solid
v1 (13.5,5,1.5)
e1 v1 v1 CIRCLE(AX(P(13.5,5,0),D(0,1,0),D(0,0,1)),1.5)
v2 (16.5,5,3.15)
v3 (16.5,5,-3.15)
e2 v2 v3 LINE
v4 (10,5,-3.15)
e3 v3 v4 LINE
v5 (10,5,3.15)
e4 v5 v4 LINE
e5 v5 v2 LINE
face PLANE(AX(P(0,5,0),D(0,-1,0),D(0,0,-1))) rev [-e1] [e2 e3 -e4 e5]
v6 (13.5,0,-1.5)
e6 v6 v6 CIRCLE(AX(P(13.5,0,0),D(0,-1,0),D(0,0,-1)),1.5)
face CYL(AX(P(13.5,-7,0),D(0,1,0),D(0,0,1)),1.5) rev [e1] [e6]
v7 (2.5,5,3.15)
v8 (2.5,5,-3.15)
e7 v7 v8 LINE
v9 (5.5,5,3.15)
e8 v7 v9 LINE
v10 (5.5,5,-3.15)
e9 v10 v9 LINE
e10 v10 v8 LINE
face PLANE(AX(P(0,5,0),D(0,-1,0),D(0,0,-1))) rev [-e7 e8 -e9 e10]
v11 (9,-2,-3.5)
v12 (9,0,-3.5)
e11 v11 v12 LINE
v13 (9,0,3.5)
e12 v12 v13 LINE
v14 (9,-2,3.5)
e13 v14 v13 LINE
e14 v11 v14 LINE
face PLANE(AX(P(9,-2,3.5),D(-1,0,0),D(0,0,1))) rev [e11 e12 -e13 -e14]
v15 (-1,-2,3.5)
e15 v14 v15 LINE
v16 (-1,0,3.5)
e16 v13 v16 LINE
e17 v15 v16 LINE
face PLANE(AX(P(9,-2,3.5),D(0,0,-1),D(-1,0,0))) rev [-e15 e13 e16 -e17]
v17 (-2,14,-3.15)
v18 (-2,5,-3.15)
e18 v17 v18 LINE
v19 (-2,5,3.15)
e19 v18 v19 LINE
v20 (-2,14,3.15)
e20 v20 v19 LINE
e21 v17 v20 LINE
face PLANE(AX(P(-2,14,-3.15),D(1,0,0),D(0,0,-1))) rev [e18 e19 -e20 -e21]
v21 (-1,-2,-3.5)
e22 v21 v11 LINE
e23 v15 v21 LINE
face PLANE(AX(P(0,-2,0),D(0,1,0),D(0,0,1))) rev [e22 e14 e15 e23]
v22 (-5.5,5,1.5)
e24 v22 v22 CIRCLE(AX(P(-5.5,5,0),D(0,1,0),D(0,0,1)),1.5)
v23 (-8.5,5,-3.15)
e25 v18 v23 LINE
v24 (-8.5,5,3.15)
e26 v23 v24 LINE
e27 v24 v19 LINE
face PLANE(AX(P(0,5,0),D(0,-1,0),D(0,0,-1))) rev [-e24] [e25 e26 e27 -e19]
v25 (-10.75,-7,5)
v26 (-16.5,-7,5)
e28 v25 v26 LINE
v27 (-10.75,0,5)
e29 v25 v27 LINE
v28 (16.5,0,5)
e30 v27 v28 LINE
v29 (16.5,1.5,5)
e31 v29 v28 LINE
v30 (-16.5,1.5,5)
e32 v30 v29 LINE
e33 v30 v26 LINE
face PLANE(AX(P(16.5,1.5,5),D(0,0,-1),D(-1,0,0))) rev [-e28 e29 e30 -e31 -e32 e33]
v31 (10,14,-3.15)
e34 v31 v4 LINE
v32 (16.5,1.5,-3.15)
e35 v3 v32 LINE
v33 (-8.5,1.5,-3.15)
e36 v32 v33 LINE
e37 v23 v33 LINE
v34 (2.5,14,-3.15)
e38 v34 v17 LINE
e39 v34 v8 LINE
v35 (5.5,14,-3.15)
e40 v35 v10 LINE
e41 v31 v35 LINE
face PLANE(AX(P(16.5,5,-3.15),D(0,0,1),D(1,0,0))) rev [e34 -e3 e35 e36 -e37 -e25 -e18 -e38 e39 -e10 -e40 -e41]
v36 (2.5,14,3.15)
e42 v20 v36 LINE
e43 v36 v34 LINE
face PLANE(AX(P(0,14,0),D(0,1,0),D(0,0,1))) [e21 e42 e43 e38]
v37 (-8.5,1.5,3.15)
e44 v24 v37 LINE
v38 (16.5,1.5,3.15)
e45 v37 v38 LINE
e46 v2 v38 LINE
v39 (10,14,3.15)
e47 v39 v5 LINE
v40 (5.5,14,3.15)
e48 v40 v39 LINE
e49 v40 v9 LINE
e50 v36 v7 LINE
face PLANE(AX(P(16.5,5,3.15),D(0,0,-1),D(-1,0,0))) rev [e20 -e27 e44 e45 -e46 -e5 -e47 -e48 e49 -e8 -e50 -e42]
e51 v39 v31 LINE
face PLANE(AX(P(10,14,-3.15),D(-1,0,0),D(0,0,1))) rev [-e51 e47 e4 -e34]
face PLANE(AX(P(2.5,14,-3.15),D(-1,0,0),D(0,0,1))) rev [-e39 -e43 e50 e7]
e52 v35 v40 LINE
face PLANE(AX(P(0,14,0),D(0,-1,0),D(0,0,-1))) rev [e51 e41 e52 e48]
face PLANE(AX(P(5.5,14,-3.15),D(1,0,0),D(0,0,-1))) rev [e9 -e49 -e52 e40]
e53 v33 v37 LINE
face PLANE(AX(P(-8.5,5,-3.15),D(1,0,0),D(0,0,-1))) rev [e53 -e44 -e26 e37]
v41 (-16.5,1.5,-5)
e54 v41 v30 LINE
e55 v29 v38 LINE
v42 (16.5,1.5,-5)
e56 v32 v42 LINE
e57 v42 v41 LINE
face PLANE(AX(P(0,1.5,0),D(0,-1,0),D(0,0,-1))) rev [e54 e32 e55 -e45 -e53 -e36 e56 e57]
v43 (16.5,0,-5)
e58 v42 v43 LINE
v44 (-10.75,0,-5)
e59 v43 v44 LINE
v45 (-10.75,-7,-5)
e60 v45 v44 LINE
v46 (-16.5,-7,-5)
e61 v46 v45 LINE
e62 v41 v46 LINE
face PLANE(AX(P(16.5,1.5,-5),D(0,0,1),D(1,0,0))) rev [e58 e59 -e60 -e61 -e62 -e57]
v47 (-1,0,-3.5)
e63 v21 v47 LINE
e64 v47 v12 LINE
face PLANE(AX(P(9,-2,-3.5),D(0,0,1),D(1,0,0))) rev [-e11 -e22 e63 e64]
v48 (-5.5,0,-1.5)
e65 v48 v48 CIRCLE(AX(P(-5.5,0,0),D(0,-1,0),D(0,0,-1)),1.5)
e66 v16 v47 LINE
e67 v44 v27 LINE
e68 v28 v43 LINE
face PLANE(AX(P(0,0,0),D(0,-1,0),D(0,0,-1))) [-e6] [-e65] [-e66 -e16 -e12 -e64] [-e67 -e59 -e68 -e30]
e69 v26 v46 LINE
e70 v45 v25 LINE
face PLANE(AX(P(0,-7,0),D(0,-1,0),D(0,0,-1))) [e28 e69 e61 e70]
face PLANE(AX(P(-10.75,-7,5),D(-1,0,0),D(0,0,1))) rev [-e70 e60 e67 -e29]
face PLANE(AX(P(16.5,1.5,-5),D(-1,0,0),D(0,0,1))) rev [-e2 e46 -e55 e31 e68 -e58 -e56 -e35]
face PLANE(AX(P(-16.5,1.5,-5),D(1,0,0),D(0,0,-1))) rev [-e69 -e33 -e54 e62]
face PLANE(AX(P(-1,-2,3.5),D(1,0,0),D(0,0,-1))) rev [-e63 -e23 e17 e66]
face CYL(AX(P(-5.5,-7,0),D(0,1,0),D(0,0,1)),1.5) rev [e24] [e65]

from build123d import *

# Parameters (mm, degrees)
SKETCH_1_W               = 33
SKETCH_1_H               = 10
EXTRUDE_1_DEPTH          = 1.5
SKETCH_2_W               = 5.75
SKETCH_2_H               = 10
EXTRUDE_2_DEPTH          = 7
CUT_EXTRUDE_1_DEPTH      = 20.222382787
CUT_EXTRUDE_1_DEPTH_BACK = 20.222382787
SKETCH_3_R               = 1.5
EXTRUDE_START            = 3.5
SKETCH_4_W               = 25
SKETCH_4_H               = 6.3
SKETCH_4_R               = 1.5
EXTRUDE_3_DEPTH          = 3.5
SKETCH_5_W               = 4.5
SKETCH_5_H               = 6.3
EXTRUDE_4_DEPTH          = 9
SKETCH_6_W               = 10
SKETCH_6_H               = 7
EXTRUDE_5_DEPTH          = 2


with BuildPart() as part:
    # Эскиз1 → Бобышка-Вытянуть1 (new body)
    with BuildSketch(Plane(origin=(0, 0, 0), x_dir=(1, 0, 0), z_dir=(0, 1, 0))):
        Rectangle(SKETCH_1_W, SKETCH_1_H)
    extrude(amount=EXTRUDE_1_DEPTH)

    # Эскиз2 → Бобышка-Вытянуть2 (add)
    with BuildSketch(Plane.XZ):
        with Locations((-13.625, 0)):
            Rectangle(SKETCH_2_W, SKETCH_2_H)
    extrude(amount=EXTRUDE_2_DEPTH)

    # Эскиз3 → Вырез-Вытянуть1 (cut, two sides: drawn at the far end of the back side and taken through both)
    with BuildSketch(Plane(origin=(0, 1.5, 0), x_dir=(1, 0, 0), z_dir=(0, 1, 0)).offset(-CUT_EXTRUDE_1_DEPTH_BACK)):
        with Locations(Location((13.5, 0, 0), (0, 0, 90))):
            Circle(SKETCH_3_R)
        with Locations(Location((-5.5, 0, 0), (0, 0, 90))):
            Circle(SKETCH_3_R)
    extrude(amount=CUT_EXTRUDE_1_DEPTH + CUT_EXTRUDE_1_DEPTH_BACK, mode=Mode.SUBTRACT)

    # Эскиз4 → Бобышка-Вытянуть3 (add)
    with BuildSketch(Plane(origin=(0, 1.5, 0), x_dir=(1, 0, 0), z_dir=(0, 1, 0)).offset(EXTRUDE_START)):
        with Locations((4, 0)):
            Rectangle(SKETCH_4_W, SKETCH_4_H)
        with Locations(Location((13.5, 0, 0), (0, 0, 270))):
            Circle(SKETCH_4_R, mode=Mode.SUBTRACT)
        with Locations(Location((-5.5, 0, 0), (0, 0, 270))):
            Circle(SKETCH_4_R, mode=Mode.SUBTRACT)
    extrude(amount=-EXTRUDE_3_DEPTH)

    # Эскиз5 → Бобышка-Вытянуть4 (add)
    with BuildSketch(Plane(origin=(0, 5, 0), x_dir=(1, 0, 0), z_dir=(0, 1, 0))):
        with Locations((7.75, 0)):
            Rectangle(SKETCH_5_W, SKETCH_5_H)
        with Locations((0.25, 0)):
            Rectangle(SKETCH_5_W, SKETCH_5_H)
    extrude(amount=EXTRUDE_4_DEPTH)

    # Эскиз6 → Бобышка-Вытянуть5 (add)
    with BuildSketch(Plane.XZ):
        with Locations((4, 0)):
            Rectangle(SKETCH_6_W, SKETCH_6_H)
    extrude(amount=EXTRUDE_5_DEPTH)


solid = part.part
